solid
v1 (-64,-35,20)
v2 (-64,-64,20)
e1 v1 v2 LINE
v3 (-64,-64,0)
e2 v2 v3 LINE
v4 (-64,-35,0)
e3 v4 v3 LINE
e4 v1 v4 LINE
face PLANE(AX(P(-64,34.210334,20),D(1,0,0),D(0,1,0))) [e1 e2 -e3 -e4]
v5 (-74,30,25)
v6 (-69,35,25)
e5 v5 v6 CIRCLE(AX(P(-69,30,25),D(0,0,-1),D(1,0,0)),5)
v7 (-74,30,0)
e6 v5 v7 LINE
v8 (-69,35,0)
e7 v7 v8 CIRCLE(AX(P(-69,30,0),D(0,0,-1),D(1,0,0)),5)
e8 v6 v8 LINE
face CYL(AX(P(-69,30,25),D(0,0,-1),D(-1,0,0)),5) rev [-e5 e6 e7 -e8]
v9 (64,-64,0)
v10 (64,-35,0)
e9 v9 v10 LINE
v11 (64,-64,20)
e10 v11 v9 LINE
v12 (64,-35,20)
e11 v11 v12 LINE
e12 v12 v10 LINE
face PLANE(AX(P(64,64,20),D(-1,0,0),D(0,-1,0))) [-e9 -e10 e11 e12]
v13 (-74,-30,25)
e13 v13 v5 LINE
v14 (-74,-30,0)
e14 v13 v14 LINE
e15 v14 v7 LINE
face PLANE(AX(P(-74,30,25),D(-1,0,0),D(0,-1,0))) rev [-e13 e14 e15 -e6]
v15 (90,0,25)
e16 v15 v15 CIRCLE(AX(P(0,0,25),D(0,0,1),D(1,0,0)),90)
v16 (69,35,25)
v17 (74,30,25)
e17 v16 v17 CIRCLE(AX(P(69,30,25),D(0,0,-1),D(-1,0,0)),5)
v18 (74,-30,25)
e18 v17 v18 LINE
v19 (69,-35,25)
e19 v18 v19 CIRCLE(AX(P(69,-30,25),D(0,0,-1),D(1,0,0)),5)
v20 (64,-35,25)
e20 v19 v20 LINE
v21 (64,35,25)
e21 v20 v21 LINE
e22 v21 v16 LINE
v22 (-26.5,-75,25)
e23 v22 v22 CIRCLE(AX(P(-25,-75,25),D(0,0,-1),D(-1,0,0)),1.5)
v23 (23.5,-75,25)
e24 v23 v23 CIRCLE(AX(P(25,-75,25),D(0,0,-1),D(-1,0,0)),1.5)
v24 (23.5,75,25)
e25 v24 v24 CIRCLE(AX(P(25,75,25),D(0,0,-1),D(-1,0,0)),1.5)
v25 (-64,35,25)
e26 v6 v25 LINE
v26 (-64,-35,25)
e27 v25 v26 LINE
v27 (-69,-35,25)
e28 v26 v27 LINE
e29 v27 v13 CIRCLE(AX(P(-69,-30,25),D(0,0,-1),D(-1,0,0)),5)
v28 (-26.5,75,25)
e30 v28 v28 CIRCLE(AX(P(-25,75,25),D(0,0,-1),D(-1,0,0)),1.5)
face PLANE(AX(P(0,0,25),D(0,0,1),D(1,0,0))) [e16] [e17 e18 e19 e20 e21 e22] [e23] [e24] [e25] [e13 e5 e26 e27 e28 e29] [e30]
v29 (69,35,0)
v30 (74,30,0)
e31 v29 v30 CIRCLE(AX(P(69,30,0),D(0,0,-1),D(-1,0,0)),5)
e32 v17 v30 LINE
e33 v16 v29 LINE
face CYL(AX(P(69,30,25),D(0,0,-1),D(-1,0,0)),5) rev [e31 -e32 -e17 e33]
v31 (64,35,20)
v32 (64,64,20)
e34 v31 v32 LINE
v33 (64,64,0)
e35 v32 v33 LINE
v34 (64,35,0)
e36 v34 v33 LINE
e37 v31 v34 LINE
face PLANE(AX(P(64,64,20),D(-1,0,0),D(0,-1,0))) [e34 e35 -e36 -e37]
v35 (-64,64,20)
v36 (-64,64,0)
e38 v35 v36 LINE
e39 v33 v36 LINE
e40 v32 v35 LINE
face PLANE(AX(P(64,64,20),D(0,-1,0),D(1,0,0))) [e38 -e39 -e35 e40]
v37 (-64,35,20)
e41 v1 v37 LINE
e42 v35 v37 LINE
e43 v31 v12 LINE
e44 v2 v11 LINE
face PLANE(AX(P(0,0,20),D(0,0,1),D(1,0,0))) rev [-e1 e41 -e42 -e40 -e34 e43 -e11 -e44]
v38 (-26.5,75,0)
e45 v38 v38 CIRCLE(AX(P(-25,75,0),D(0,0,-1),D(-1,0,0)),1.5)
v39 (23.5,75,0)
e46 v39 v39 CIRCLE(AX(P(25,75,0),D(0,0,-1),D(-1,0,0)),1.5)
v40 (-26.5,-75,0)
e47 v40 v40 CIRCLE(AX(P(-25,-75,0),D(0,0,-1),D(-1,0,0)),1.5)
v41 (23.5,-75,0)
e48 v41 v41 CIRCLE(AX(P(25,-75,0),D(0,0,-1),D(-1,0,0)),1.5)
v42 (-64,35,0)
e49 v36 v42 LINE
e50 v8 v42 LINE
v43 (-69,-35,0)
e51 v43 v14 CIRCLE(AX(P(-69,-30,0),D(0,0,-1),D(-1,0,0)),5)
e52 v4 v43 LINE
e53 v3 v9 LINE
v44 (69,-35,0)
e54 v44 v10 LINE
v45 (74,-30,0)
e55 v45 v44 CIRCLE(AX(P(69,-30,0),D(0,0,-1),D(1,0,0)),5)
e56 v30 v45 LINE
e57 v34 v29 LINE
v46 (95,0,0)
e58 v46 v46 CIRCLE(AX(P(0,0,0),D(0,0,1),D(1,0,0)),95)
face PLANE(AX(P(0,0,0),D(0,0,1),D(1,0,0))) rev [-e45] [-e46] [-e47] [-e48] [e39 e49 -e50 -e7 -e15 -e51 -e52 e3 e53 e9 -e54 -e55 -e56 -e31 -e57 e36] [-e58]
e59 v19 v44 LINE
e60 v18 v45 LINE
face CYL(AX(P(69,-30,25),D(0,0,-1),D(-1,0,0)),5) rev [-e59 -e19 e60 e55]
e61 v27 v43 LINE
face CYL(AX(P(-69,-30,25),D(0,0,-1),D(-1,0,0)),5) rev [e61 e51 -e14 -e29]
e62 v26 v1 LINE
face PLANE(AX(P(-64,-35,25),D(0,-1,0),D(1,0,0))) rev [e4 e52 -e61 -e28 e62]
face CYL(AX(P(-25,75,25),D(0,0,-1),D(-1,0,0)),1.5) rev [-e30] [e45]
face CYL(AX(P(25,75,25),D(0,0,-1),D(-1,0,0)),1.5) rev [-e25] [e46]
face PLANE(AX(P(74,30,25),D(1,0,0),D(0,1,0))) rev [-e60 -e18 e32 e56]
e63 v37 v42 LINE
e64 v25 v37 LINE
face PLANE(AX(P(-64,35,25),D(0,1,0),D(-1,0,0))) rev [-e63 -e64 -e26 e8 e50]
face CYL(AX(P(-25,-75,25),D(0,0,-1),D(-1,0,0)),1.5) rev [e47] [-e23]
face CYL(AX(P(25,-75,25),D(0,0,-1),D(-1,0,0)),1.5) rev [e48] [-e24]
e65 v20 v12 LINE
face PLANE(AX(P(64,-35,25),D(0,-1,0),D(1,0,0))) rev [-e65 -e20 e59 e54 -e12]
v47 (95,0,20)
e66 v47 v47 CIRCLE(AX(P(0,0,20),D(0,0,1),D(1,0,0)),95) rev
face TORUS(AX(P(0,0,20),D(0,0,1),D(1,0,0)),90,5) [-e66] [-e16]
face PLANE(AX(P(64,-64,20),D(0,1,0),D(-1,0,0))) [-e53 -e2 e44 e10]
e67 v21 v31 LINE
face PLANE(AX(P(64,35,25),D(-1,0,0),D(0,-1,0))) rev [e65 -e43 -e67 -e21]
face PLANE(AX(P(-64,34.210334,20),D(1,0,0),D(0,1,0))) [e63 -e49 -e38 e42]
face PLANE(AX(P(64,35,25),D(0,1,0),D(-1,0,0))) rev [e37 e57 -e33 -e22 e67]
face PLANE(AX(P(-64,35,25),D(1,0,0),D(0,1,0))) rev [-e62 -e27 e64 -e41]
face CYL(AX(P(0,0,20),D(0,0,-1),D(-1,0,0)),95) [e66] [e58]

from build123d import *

# Parameters (mm, degrees)
SKETCH_1_R               = 95
EXTRUDE_1_DEPTH          = 20
SKETCH_2_R               = 95
EXTRUDE_2_DEPTH          = 5
FILLET_1_R               = 5
SKETCH_5_R               = 1.5
CUT_EXTRUDE_2_DEPTH      = 137.656503775
CUT_EXTRUDE_9_DEPTH      = 136.830777142
CUT_EXTRUDE_9_DEPTH_BACK = 136.830777142


with BuildPart() as part:
    # 草圖1 → 填料-伸長1 (new body)
    with BuildSketch(Plane.XY):
        Circle(SKETCH_1_R)
        Polygon((64, 64), (-64, 64), (-64, 34.210333771), (-64, -34.210333771), (-64, -64), (64, -64), (64, -34.210333771), (64, 34.210333771), align=None, mode=Mode.SUBTRACT)
    extrude(amount=EXTRUDE_1_DEPTH)

    # 草圖2 → 填料-伸長2 (add)
    with BuildSketch(Plane.XY.offset(20)):
        Circle(SKETCH_2_R)
    extrude(amount=EXTRUDE_2_DEPTH)

    # 圓角1
    fillet_1_edges = [part.edges().sort_by_distance(p)[0] for p in [
        (-95, 0, 25),
    ]]
    fillet(fillet_1_edges, radius=FILLET_1_R)

    # 草圖5 → 除料-伸長2 (cut, through all)
    with BuildSketch(Plane(origin=(0, 0, 0), x_dir=(-1, 0, 0), z_dir=(0, 0, -1))):
        with Locations((-25, 75)):
            Circle(SKETCH_5_R)
        with Locations((25, 75)):
            Circle(SKETCH_5_R)
        with Locations((25, -75)):
            Circle(SKETCH_5_R)
        with Locations((-25, -75)):
            Circle(SKETCH_5_R)
    extrude(amount=-CUT_EXTRUDE_2_DEPTH, mode=Mode.SUBTRACT)

    # 草圖6 → 除料-伸長9 (cut, two sides: drawn at the far end of the back side and taken through both)
    with BuildSketch(Plane(origin=(0, 0, 20), x_dir=(-1, 0, 0), z_dir=(0, 0, -1)).offset(-CUT_EXTRUDE_9_DEPTH_BACK)):
        with BuildLine():
            Line((-64, 35), (-64, -35))
            Line((-64, -35), (-69, -35))
            ThreePointArc((-69, -35), (-72.535533906, -33.535533906), (-74, -30))
            Line((-74, -30), (-74, 30))
            ThreePointArc((-74, 30), (-72.535533906, 33.535533906), (-69, 35))
            Line((-69, 35), (-64, 35))
        make_face()
        with BuildLine():
            Line((64, -35), (69, -35))
            ThreePointArc((69, -35), (72.535533906, -33.535533906), (74, -30))
            Line((74, -30), (74, 30))
            ThreePointArc((74, 30), (72.535533906, 33.535533906), (69, 35))
            Line((69, 35), (64, 35))
            Line((64, 35), (64, -35))
        make_face()
    extrude(amount=CUT_EXTRUDE_9_DEPTH + CUT_EXTRUDE_9_DEPTH_BACK, mode=Mode.SUBTRACT)


solid = part.part
